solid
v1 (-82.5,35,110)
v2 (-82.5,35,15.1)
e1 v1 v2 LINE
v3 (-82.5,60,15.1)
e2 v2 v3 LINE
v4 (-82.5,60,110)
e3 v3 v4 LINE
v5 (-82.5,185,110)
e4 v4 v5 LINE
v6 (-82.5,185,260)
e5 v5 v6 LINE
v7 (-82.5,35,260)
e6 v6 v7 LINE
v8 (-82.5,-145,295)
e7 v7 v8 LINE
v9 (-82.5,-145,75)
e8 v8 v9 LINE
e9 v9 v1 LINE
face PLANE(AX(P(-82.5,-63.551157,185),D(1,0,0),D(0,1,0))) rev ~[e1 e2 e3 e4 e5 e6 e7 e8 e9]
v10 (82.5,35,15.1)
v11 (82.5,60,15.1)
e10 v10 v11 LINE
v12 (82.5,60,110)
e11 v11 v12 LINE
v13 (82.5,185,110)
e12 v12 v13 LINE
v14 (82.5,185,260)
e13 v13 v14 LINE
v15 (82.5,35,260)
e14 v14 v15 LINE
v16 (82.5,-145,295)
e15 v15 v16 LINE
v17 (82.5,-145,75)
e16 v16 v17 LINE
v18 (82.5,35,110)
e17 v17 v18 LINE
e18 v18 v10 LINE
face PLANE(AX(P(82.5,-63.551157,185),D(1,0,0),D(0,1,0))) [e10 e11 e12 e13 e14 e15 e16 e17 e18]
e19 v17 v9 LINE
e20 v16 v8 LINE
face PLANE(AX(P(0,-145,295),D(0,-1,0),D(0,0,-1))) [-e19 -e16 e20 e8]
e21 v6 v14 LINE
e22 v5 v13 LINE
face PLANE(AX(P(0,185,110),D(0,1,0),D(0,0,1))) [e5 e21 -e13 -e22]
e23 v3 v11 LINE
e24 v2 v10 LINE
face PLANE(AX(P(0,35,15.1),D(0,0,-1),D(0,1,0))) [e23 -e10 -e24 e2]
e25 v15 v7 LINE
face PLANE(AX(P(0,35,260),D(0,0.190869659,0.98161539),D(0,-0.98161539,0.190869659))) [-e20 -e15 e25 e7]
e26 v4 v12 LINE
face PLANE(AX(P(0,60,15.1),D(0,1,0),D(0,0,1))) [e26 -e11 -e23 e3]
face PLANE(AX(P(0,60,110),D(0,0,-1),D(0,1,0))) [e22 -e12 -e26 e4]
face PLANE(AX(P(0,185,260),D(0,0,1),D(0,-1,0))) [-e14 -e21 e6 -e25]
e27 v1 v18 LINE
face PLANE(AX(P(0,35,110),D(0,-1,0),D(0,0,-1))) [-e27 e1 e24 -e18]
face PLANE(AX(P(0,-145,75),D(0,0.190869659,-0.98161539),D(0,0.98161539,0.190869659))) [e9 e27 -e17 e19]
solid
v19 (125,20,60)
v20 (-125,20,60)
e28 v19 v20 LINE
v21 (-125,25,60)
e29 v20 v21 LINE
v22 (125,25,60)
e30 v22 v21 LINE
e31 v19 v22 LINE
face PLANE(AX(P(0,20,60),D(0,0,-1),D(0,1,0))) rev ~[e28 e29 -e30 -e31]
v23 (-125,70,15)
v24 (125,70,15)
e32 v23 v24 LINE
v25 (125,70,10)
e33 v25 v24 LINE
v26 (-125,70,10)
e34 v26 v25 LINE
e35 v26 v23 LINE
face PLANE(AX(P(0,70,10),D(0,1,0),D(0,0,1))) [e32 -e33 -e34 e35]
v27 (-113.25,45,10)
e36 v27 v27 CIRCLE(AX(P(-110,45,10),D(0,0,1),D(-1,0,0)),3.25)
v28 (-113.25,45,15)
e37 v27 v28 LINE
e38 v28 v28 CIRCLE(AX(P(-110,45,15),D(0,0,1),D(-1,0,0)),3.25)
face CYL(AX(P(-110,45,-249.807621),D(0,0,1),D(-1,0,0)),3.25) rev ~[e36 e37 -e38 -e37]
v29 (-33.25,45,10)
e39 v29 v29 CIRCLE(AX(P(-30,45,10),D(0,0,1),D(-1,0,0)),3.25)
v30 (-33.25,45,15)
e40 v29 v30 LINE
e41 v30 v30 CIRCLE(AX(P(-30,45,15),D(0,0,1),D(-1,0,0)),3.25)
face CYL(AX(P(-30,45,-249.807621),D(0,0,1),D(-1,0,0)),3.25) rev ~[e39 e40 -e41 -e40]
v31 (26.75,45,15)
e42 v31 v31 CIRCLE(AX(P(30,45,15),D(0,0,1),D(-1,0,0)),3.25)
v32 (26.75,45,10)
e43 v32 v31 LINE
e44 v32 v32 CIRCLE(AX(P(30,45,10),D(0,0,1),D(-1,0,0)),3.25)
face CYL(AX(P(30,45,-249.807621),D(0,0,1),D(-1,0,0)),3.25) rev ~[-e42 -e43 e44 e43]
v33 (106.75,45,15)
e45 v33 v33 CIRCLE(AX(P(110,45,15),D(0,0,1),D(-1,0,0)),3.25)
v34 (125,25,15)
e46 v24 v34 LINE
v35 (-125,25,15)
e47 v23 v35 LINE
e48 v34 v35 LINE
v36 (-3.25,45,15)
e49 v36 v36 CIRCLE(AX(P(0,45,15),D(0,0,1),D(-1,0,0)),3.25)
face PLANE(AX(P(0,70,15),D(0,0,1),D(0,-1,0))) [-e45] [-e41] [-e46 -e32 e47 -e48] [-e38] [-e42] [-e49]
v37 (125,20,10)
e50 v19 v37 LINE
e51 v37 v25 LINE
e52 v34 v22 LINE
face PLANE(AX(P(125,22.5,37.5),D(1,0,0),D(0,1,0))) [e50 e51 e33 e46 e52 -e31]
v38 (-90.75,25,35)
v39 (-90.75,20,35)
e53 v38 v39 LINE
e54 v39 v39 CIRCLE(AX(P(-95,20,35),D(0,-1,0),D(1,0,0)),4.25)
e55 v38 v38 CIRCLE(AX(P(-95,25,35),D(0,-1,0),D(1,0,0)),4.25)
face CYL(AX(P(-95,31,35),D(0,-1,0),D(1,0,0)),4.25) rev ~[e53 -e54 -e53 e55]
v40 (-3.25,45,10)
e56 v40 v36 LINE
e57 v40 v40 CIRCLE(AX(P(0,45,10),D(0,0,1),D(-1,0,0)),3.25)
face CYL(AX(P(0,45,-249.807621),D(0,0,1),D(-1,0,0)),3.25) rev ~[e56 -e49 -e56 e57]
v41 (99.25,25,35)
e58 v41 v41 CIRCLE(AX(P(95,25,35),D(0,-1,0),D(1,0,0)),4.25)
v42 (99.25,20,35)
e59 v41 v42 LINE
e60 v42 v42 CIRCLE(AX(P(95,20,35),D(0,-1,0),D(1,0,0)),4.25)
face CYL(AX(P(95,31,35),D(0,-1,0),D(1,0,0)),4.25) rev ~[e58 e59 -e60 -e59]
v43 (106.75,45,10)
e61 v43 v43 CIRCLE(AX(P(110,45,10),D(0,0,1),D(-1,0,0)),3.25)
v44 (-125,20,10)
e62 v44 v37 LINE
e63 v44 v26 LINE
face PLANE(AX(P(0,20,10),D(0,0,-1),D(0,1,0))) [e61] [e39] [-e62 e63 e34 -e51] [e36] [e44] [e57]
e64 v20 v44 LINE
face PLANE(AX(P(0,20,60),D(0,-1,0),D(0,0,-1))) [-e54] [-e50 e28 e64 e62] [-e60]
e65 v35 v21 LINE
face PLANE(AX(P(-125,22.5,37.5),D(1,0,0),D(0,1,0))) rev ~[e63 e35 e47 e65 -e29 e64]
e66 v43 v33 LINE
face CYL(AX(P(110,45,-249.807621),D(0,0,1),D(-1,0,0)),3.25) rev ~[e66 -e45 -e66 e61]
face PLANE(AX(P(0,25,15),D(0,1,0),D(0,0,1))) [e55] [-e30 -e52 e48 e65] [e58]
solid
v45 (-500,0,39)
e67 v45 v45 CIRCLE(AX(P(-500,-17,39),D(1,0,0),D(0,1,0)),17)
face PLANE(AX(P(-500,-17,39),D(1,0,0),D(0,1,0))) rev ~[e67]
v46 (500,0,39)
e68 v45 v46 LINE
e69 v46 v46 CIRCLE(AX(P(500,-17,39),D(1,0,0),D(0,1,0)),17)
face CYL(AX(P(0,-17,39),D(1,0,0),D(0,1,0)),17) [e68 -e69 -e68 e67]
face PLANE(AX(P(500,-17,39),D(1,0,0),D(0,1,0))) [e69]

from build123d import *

# Parameters (mm, degrees)
F1_R     = 17
F2_DEPTH = 500
F3_W     = 5
F3_H     = 45
F3_H_2   = 5
F3_W_2   = 25.8223979548
F3_W_3   = 9.1776020452
F3_W_4   = 10
F4_DEPTH = 125
F3_H_3   = 21.9
F5_DEPTH = 82.5
F7_D     = 6.5
F9_D     = 8.5
F9_DEPTH = 6
F9_TIP   = 2.5536576309


with BuildPart() as f2:
    # F1 (on Right) → F2 (new body, symmetric)
    with BuildSketch(Plane.YZ):
        with Locations((-17, 39)):
            Circle(F1_R)
    extrude(amount=F2_DEPTH, both=True)


with BuildPart() as f4:
    # F3 (on Right) → F4 (new body, symmetric)
    with BuildSketch(Plane.YZ):
        with Locations((22.5, 37.5)):
            Rectangle(F3_W, F3_H)
        with Locations((22.5, 12.5)):
            Rectangle(F3_W, F3_H_2)
        with Locations((57.0888010226, 12.5)):
            Rectangle(F3_W_2, F3_H_2)
        with Locations((29.5888010226, 12.5)):
            Rectangle(F3_W_3, F3_H_2)
        with Locations((39.1776020452, 12.5)):
            Rectangle(F3_W_4, F3_H_2)
    extrude(amount=F4_DEPTH, both=True)

    # F7 (through all)
    with Locations(Plane(origin=(0, 0, 10), x_dir=(1, 0, 0), z_dir=(0, 0, -1))):
        with Locations((110, -45), (0, -45), (-110, -45), (30, -45), (-30, -45)):
            Hole(F7_D / 2)

    # F9
    with Locations(Plane(origin=(0, 25, 0), x_dir=(-1, 0, 0), z_dir=(0, 1, 0))):
        with Locations((-95, 35), (95, 35)):
            Hole(F9_D / 2, depth=F9_DEPTH)
            with Locations((0, 0, -(F9_DEPTH + F9_TIP / 2))):  # 118° drill point
                Cone(0, F9_D / 2, F9_TIP, mode=Mode.SUBTRACT)


with BuildPart() as f5:
    # F3 (on Right) → F5 (new body, symmetric)
    with BuildSketch(Plane.YZ):
        Polygon((-145, 75), (35, 110), (35, 260), (-145, 295), align=None)
        Polygon((35, 260), (35, 110), (60, 110), (185, 110), (185, 260), align=None)
        Polygon((44.1776020452, 37), (44.1776020452, 15.1), (60, 15.1), (60, 110), (35, 110), (35, 37), align=None)
        with Locations((39.5888010226, 26.05)):
            Rectangle(F3_W_3, F3_H_3)
    extrude(amount=F5_DEPTH, both=True)


solid = Compound([f2.part, f4.part, f5.part])
